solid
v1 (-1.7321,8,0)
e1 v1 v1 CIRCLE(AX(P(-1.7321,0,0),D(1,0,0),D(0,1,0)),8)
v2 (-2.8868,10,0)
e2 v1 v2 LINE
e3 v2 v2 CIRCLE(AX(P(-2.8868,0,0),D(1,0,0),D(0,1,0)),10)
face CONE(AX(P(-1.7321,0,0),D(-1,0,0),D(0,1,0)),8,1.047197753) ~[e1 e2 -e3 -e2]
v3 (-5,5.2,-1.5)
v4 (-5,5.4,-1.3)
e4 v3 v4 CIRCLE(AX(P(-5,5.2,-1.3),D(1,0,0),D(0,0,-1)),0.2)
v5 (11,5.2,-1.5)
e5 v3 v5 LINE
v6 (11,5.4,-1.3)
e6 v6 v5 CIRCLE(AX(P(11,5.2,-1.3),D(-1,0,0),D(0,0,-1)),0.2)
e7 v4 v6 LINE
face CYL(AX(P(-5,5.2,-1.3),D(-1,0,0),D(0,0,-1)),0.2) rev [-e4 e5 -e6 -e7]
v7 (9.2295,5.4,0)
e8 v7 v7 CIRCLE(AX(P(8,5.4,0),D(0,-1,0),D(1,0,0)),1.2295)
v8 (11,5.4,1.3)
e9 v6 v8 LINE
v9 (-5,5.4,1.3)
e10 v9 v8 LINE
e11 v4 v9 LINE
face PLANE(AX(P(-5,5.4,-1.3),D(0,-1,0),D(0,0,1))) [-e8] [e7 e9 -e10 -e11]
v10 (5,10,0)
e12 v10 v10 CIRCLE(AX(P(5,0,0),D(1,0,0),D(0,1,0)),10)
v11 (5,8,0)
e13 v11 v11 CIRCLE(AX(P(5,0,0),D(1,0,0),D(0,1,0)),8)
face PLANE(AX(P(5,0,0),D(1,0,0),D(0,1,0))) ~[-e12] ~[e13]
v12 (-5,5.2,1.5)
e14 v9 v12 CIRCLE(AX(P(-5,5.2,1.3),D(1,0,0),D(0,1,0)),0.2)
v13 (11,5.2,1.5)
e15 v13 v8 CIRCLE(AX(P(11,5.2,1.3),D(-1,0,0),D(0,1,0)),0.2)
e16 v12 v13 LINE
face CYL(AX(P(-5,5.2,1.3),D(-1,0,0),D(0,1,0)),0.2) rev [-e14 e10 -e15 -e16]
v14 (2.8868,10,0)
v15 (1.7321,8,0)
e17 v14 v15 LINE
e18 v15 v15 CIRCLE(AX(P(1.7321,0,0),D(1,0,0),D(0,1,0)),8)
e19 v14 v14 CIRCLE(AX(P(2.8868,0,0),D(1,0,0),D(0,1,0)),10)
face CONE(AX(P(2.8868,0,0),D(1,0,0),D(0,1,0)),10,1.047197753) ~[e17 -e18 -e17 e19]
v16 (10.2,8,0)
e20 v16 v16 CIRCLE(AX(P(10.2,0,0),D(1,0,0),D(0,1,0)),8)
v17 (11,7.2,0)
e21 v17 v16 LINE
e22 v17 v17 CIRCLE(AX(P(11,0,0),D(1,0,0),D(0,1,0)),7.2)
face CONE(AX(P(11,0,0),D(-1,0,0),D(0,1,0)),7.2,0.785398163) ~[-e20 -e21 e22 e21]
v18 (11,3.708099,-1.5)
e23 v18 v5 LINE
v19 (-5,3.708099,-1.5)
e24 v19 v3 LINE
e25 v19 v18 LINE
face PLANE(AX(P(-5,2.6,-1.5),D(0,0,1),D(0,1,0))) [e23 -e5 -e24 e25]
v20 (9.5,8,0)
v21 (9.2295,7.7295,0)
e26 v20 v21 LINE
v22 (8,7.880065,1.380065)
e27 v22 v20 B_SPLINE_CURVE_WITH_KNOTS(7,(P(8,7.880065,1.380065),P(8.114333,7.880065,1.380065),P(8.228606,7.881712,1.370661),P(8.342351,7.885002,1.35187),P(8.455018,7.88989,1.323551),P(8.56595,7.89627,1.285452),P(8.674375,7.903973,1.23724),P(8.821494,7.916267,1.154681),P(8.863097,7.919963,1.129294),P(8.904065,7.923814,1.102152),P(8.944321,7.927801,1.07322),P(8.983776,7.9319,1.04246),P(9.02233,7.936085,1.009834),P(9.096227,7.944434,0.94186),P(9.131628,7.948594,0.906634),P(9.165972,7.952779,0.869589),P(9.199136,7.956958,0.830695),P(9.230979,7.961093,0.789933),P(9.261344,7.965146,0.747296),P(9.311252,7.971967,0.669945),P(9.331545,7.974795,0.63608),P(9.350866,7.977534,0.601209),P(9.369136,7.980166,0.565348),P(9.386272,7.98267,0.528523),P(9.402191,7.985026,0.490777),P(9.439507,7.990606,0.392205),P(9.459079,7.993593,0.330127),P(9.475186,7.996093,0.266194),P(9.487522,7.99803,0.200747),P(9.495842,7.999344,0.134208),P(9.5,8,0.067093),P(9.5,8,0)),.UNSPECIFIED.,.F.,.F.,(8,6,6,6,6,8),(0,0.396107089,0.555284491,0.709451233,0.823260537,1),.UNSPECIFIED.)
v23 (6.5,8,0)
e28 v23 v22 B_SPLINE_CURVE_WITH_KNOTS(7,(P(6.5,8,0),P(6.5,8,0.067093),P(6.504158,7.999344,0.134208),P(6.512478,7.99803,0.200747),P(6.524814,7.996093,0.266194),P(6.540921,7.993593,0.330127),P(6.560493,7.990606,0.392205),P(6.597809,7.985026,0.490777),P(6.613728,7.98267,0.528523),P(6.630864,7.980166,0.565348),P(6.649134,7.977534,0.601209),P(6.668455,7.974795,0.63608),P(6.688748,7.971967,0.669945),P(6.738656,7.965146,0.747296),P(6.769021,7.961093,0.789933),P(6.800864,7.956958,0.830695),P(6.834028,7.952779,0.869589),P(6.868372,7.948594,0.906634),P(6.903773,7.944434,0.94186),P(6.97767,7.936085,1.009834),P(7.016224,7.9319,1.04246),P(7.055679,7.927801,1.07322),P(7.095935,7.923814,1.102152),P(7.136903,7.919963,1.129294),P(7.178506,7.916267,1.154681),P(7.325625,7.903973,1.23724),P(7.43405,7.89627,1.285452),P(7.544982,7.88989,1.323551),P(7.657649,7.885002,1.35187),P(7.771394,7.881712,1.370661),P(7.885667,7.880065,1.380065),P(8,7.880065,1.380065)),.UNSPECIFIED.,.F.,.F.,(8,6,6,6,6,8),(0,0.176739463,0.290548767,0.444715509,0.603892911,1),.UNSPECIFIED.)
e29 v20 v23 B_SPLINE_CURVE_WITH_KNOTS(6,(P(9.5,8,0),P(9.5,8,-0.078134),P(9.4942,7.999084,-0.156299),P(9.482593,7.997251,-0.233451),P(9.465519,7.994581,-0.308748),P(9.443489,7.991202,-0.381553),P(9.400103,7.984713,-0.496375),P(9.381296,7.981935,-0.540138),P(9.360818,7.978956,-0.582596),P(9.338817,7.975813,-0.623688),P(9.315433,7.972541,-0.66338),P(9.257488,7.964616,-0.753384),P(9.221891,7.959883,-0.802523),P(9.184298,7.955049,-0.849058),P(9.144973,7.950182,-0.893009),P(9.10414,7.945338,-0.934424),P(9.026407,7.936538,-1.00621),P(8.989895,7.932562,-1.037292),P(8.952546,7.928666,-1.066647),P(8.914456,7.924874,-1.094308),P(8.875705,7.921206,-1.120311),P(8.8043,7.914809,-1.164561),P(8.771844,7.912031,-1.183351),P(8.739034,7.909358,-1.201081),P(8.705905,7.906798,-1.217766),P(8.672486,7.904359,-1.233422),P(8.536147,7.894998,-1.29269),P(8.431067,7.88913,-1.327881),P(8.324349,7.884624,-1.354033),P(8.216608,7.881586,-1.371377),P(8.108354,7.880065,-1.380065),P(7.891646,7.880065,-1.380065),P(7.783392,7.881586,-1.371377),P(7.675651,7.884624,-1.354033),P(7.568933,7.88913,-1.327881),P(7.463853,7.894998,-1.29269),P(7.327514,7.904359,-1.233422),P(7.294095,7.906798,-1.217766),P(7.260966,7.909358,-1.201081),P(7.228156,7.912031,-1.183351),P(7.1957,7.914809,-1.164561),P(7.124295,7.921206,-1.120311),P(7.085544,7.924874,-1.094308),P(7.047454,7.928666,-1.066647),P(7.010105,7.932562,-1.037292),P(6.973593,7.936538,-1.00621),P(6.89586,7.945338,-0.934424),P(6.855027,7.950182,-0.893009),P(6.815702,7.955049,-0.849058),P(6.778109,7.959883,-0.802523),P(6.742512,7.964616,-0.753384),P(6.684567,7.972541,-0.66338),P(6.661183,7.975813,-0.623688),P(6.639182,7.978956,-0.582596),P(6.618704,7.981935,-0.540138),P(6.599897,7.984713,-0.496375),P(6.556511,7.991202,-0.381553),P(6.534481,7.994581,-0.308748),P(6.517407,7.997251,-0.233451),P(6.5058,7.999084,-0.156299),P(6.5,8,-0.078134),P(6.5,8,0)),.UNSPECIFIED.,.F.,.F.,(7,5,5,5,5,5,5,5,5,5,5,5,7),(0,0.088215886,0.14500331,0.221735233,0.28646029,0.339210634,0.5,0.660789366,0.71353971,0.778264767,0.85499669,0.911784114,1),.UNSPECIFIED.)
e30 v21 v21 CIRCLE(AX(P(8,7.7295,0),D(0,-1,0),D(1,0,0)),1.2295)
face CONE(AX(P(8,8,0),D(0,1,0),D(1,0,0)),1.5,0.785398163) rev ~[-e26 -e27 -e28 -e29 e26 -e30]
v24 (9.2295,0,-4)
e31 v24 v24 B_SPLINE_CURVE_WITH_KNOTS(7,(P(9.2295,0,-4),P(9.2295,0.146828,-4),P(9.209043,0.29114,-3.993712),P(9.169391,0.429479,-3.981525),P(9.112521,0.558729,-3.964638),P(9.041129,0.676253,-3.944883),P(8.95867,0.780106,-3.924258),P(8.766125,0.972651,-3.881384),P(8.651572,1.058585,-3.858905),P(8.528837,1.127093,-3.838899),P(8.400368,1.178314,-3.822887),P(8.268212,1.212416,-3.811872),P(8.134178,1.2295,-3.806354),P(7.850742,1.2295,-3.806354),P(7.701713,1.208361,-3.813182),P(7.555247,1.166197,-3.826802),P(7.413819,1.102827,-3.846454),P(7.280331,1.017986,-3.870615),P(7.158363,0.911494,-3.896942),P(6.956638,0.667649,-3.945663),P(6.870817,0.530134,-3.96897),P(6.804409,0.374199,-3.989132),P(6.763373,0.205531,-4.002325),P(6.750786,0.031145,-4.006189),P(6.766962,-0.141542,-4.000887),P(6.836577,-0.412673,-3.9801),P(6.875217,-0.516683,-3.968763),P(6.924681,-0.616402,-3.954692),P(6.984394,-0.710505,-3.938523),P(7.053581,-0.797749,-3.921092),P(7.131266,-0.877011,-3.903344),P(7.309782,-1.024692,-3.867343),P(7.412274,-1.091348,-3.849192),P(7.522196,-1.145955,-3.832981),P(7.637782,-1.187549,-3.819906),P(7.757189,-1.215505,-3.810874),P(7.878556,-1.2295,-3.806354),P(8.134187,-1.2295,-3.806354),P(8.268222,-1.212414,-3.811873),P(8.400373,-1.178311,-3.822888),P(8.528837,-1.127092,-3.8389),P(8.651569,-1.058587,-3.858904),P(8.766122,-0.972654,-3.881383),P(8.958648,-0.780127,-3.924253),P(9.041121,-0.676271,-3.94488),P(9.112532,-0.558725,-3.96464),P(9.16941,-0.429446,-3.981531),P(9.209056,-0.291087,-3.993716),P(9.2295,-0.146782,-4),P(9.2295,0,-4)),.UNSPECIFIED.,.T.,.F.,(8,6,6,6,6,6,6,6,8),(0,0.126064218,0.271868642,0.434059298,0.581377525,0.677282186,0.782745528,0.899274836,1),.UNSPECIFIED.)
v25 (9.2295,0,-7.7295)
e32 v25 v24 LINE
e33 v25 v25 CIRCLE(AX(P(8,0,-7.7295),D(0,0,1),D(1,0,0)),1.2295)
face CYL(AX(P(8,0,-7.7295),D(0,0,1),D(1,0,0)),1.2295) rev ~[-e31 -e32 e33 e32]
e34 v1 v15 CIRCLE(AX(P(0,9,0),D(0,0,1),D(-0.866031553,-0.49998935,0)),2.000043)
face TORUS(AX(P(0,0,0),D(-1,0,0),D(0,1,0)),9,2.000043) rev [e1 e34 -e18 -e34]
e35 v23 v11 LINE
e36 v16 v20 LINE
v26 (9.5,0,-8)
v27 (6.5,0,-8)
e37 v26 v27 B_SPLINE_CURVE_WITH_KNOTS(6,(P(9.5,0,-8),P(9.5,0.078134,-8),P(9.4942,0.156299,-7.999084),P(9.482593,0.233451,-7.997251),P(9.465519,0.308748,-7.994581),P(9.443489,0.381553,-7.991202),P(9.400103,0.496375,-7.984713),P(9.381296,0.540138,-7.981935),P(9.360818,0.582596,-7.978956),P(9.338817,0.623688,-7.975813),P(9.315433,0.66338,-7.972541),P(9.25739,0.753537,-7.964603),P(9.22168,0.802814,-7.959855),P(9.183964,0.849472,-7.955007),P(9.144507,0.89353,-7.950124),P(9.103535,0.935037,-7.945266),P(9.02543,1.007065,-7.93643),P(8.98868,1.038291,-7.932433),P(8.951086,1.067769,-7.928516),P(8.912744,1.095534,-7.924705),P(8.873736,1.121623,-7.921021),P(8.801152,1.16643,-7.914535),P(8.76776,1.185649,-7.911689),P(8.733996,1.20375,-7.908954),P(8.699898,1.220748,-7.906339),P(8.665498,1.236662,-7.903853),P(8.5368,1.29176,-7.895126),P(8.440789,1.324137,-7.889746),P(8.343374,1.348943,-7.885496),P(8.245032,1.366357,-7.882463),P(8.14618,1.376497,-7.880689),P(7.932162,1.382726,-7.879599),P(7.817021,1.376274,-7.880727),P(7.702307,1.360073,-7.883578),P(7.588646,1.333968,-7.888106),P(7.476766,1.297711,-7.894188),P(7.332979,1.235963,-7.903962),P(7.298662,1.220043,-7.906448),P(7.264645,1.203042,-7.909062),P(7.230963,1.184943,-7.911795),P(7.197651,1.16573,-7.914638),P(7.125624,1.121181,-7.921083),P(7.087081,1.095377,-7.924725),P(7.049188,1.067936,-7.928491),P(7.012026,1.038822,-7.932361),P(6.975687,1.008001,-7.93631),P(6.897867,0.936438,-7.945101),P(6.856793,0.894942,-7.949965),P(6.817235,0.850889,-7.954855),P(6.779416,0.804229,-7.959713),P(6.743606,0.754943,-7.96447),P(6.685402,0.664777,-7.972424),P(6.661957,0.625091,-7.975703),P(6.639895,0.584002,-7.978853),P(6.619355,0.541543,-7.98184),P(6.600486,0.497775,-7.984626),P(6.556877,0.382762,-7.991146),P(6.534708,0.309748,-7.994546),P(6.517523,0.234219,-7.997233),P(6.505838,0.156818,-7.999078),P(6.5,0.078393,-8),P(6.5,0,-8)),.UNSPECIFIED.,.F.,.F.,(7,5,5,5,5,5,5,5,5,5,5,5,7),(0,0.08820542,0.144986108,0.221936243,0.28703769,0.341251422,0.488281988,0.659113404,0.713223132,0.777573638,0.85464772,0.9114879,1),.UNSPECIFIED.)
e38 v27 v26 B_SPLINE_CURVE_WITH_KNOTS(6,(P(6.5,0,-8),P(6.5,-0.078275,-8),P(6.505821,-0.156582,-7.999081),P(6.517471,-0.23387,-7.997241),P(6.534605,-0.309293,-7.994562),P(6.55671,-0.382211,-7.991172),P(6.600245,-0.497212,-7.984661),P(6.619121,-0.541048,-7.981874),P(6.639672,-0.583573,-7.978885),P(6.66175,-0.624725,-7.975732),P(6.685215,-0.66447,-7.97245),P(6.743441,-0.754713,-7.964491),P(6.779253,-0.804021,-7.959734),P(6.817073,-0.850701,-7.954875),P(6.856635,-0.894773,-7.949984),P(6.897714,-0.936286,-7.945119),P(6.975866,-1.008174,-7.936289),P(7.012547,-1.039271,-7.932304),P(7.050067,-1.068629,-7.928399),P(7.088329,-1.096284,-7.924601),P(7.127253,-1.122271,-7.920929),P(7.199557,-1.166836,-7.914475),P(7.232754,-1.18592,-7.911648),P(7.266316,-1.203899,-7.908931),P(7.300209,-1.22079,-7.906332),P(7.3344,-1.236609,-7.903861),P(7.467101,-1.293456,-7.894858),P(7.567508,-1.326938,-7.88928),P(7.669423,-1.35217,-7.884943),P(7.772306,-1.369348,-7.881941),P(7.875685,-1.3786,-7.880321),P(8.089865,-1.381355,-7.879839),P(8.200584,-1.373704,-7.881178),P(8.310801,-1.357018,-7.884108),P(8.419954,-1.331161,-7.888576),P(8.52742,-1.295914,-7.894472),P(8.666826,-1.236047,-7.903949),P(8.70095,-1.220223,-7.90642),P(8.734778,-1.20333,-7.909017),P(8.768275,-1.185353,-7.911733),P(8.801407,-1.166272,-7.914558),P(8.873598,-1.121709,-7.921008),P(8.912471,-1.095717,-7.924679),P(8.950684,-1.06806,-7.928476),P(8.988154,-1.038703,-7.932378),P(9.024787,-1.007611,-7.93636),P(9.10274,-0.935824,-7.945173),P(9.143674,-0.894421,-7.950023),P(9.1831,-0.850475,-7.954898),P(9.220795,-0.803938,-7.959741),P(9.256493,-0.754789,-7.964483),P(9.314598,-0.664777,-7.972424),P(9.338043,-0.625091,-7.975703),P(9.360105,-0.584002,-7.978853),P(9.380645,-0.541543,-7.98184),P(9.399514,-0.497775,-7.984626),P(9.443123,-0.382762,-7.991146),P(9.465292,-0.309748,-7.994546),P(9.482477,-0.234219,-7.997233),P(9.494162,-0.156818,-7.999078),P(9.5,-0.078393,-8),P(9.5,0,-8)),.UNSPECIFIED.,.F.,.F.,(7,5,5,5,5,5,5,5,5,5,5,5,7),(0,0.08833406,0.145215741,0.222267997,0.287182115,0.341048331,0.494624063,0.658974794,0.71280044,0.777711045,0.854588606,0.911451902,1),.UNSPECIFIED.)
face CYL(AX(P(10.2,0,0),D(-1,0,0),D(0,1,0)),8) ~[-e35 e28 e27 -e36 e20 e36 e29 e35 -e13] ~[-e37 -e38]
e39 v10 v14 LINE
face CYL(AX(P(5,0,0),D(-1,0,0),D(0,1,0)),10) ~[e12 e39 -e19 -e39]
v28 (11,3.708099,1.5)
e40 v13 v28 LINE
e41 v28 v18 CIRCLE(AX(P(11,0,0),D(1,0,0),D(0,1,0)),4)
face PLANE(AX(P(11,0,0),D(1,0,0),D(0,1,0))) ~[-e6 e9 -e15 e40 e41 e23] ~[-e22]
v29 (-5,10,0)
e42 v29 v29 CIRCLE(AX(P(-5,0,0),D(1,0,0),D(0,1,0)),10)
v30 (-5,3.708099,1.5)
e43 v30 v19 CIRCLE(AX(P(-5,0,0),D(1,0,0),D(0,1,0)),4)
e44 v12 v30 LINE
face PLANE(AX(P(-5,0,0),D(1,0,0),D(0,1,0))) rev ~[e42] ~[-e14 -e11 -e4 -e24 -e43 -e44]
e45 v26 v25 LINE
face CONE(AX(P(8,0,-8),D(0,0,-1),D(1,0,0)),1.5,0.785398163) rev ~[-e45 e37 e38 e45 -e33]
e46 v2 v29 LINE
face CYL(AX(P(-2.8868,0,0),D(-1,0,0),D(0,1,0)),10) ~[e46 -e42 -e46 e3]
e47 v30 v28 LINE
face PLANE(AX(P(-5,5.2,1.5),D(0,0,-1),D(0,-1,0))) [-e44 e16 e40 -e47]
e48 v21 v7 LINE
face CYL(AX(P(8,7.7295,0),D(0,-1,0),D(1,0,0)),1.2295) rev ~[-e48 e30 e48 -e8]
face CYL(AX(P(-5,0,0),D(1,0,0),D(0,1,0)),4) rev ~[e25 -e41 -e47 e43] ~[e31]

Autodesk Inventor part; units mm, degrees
ref_plane "YZ Plane" through (0, 0, 0) normal (1, 0, 0) x (0, 1, 0)
ref_plane "XZ Plane" through (0, 0, 0) normal (0, 1, 0) x (-1, 0, 0)
ref_plane "XY Plane" through (0, 0, 0) normal (0, 0, 1) x (1, 0, 0)
sketch "Sketch_2" plane through (0, 0, 0) normal (0, 0, 1) x (1, 0, 0)
  line L0 (11, 0) -> (-5, 0)
  line L1 (-5, 10) -> (-5, 4)
  line L2 (-5, 4) -> (11, 4)
  line L3 (11, 4) -> (11, 7.2)
  line L4 (11, 7.2) -> (10.2, 8)
  line L5 (10.2, 8) -> (5, 8)
  line L6 (5, 8) -> (5, 10)
  line L7 (5, 10) -> (2.8868, 10)
  line L8 (2.8868, 10) -> (1.7321, 8)
  arc A0 (-1.7321, 8) -> (1.7321, 8) centre (0, 9) ccw
  line L9 (-1.7321, 8) -> (-2.8868, 10)
  line L10 (-2.8868, 10) -> (-5, 10)
revolve "Revolution1" add sketch "Sketch_2" angle 360 about axis through (11, 0, 0) along (1, 0, 0)
sketch "Sketch_4" plane through (-5, 0, 0) normal (1, 0, 0) x (0, 0, -1)
  line L0 (-1.5, 2.6) -> (1.5, 2.6)
  line L1 (1.5, 2.6) -> (1.5, 5.2)
  arc A0 (1.5, 5.2) -> (1.3, 5.4) centre (1.3, 5.2) ccw
  line L2 (1.3, 5.4) -> (-1.3, 5.4)
  arc A1 (-1.3, 5.4) -> (-1.5, 5.2) centre (-1.3, 5.2) ccw
  line L3 (-1.5, 5.2) -> (-1.5, 2.6)
extrude "Extrusion1" cut sketch "Sketch_4" along normal blind 30
sketch "Sketch_5" plane through (0, 0, 0) normal (0, 0, 1) x (1, 0, 0)
  line L0 (8, 5.4) -> (8, 8)
  line L1 (8, 8) -> (9.5, 8)
  line L2 (9.5, 8) -> (9.2295, 7.7295)
  line L3 (9.2295, 7.7295) -> (9.2295, 5.4)
  line L4 (9.2295, 5.4) -> (8, 5.4)
  line L5 (8, 5.4) -> (8, 8)
revolve "Revolution2" cut sketch "Sketch_5" angle 360 about axis through (8, 5.4, 0) along (0, -1, 0)
thread "Thread1" size "M3x0.5" class "6H" standard "ISO Metric profile" full length
sketch "Sketch_8" plane through (0, 0, 0) normal (0, 1, 0) x (-1, 0, 0)
  line L0 (-8, -3) -> (-8, -8)
  line L1 (-8, -8) -> (-9.5, -8)
  line L2 (-9.5, -8) -> (-9.2295, -7.7295)
  line L3 (-9.2295, -7.7295) -> (-9.2295, -3)
  line L4 (-9.2295, -3) -> (-8, -3)
  line L5 (-8, -3) -> (-8, -8)
revolve "Revolution3" cut sketch "Sketch_8" angle 360 about axis through (8, 0, -3) along (0, 0, 1)
thread "Thread2" size "M3x0.5" class "6H" standard "ISO Metric profile" full length
properties part number "MBR18-2-N8"
